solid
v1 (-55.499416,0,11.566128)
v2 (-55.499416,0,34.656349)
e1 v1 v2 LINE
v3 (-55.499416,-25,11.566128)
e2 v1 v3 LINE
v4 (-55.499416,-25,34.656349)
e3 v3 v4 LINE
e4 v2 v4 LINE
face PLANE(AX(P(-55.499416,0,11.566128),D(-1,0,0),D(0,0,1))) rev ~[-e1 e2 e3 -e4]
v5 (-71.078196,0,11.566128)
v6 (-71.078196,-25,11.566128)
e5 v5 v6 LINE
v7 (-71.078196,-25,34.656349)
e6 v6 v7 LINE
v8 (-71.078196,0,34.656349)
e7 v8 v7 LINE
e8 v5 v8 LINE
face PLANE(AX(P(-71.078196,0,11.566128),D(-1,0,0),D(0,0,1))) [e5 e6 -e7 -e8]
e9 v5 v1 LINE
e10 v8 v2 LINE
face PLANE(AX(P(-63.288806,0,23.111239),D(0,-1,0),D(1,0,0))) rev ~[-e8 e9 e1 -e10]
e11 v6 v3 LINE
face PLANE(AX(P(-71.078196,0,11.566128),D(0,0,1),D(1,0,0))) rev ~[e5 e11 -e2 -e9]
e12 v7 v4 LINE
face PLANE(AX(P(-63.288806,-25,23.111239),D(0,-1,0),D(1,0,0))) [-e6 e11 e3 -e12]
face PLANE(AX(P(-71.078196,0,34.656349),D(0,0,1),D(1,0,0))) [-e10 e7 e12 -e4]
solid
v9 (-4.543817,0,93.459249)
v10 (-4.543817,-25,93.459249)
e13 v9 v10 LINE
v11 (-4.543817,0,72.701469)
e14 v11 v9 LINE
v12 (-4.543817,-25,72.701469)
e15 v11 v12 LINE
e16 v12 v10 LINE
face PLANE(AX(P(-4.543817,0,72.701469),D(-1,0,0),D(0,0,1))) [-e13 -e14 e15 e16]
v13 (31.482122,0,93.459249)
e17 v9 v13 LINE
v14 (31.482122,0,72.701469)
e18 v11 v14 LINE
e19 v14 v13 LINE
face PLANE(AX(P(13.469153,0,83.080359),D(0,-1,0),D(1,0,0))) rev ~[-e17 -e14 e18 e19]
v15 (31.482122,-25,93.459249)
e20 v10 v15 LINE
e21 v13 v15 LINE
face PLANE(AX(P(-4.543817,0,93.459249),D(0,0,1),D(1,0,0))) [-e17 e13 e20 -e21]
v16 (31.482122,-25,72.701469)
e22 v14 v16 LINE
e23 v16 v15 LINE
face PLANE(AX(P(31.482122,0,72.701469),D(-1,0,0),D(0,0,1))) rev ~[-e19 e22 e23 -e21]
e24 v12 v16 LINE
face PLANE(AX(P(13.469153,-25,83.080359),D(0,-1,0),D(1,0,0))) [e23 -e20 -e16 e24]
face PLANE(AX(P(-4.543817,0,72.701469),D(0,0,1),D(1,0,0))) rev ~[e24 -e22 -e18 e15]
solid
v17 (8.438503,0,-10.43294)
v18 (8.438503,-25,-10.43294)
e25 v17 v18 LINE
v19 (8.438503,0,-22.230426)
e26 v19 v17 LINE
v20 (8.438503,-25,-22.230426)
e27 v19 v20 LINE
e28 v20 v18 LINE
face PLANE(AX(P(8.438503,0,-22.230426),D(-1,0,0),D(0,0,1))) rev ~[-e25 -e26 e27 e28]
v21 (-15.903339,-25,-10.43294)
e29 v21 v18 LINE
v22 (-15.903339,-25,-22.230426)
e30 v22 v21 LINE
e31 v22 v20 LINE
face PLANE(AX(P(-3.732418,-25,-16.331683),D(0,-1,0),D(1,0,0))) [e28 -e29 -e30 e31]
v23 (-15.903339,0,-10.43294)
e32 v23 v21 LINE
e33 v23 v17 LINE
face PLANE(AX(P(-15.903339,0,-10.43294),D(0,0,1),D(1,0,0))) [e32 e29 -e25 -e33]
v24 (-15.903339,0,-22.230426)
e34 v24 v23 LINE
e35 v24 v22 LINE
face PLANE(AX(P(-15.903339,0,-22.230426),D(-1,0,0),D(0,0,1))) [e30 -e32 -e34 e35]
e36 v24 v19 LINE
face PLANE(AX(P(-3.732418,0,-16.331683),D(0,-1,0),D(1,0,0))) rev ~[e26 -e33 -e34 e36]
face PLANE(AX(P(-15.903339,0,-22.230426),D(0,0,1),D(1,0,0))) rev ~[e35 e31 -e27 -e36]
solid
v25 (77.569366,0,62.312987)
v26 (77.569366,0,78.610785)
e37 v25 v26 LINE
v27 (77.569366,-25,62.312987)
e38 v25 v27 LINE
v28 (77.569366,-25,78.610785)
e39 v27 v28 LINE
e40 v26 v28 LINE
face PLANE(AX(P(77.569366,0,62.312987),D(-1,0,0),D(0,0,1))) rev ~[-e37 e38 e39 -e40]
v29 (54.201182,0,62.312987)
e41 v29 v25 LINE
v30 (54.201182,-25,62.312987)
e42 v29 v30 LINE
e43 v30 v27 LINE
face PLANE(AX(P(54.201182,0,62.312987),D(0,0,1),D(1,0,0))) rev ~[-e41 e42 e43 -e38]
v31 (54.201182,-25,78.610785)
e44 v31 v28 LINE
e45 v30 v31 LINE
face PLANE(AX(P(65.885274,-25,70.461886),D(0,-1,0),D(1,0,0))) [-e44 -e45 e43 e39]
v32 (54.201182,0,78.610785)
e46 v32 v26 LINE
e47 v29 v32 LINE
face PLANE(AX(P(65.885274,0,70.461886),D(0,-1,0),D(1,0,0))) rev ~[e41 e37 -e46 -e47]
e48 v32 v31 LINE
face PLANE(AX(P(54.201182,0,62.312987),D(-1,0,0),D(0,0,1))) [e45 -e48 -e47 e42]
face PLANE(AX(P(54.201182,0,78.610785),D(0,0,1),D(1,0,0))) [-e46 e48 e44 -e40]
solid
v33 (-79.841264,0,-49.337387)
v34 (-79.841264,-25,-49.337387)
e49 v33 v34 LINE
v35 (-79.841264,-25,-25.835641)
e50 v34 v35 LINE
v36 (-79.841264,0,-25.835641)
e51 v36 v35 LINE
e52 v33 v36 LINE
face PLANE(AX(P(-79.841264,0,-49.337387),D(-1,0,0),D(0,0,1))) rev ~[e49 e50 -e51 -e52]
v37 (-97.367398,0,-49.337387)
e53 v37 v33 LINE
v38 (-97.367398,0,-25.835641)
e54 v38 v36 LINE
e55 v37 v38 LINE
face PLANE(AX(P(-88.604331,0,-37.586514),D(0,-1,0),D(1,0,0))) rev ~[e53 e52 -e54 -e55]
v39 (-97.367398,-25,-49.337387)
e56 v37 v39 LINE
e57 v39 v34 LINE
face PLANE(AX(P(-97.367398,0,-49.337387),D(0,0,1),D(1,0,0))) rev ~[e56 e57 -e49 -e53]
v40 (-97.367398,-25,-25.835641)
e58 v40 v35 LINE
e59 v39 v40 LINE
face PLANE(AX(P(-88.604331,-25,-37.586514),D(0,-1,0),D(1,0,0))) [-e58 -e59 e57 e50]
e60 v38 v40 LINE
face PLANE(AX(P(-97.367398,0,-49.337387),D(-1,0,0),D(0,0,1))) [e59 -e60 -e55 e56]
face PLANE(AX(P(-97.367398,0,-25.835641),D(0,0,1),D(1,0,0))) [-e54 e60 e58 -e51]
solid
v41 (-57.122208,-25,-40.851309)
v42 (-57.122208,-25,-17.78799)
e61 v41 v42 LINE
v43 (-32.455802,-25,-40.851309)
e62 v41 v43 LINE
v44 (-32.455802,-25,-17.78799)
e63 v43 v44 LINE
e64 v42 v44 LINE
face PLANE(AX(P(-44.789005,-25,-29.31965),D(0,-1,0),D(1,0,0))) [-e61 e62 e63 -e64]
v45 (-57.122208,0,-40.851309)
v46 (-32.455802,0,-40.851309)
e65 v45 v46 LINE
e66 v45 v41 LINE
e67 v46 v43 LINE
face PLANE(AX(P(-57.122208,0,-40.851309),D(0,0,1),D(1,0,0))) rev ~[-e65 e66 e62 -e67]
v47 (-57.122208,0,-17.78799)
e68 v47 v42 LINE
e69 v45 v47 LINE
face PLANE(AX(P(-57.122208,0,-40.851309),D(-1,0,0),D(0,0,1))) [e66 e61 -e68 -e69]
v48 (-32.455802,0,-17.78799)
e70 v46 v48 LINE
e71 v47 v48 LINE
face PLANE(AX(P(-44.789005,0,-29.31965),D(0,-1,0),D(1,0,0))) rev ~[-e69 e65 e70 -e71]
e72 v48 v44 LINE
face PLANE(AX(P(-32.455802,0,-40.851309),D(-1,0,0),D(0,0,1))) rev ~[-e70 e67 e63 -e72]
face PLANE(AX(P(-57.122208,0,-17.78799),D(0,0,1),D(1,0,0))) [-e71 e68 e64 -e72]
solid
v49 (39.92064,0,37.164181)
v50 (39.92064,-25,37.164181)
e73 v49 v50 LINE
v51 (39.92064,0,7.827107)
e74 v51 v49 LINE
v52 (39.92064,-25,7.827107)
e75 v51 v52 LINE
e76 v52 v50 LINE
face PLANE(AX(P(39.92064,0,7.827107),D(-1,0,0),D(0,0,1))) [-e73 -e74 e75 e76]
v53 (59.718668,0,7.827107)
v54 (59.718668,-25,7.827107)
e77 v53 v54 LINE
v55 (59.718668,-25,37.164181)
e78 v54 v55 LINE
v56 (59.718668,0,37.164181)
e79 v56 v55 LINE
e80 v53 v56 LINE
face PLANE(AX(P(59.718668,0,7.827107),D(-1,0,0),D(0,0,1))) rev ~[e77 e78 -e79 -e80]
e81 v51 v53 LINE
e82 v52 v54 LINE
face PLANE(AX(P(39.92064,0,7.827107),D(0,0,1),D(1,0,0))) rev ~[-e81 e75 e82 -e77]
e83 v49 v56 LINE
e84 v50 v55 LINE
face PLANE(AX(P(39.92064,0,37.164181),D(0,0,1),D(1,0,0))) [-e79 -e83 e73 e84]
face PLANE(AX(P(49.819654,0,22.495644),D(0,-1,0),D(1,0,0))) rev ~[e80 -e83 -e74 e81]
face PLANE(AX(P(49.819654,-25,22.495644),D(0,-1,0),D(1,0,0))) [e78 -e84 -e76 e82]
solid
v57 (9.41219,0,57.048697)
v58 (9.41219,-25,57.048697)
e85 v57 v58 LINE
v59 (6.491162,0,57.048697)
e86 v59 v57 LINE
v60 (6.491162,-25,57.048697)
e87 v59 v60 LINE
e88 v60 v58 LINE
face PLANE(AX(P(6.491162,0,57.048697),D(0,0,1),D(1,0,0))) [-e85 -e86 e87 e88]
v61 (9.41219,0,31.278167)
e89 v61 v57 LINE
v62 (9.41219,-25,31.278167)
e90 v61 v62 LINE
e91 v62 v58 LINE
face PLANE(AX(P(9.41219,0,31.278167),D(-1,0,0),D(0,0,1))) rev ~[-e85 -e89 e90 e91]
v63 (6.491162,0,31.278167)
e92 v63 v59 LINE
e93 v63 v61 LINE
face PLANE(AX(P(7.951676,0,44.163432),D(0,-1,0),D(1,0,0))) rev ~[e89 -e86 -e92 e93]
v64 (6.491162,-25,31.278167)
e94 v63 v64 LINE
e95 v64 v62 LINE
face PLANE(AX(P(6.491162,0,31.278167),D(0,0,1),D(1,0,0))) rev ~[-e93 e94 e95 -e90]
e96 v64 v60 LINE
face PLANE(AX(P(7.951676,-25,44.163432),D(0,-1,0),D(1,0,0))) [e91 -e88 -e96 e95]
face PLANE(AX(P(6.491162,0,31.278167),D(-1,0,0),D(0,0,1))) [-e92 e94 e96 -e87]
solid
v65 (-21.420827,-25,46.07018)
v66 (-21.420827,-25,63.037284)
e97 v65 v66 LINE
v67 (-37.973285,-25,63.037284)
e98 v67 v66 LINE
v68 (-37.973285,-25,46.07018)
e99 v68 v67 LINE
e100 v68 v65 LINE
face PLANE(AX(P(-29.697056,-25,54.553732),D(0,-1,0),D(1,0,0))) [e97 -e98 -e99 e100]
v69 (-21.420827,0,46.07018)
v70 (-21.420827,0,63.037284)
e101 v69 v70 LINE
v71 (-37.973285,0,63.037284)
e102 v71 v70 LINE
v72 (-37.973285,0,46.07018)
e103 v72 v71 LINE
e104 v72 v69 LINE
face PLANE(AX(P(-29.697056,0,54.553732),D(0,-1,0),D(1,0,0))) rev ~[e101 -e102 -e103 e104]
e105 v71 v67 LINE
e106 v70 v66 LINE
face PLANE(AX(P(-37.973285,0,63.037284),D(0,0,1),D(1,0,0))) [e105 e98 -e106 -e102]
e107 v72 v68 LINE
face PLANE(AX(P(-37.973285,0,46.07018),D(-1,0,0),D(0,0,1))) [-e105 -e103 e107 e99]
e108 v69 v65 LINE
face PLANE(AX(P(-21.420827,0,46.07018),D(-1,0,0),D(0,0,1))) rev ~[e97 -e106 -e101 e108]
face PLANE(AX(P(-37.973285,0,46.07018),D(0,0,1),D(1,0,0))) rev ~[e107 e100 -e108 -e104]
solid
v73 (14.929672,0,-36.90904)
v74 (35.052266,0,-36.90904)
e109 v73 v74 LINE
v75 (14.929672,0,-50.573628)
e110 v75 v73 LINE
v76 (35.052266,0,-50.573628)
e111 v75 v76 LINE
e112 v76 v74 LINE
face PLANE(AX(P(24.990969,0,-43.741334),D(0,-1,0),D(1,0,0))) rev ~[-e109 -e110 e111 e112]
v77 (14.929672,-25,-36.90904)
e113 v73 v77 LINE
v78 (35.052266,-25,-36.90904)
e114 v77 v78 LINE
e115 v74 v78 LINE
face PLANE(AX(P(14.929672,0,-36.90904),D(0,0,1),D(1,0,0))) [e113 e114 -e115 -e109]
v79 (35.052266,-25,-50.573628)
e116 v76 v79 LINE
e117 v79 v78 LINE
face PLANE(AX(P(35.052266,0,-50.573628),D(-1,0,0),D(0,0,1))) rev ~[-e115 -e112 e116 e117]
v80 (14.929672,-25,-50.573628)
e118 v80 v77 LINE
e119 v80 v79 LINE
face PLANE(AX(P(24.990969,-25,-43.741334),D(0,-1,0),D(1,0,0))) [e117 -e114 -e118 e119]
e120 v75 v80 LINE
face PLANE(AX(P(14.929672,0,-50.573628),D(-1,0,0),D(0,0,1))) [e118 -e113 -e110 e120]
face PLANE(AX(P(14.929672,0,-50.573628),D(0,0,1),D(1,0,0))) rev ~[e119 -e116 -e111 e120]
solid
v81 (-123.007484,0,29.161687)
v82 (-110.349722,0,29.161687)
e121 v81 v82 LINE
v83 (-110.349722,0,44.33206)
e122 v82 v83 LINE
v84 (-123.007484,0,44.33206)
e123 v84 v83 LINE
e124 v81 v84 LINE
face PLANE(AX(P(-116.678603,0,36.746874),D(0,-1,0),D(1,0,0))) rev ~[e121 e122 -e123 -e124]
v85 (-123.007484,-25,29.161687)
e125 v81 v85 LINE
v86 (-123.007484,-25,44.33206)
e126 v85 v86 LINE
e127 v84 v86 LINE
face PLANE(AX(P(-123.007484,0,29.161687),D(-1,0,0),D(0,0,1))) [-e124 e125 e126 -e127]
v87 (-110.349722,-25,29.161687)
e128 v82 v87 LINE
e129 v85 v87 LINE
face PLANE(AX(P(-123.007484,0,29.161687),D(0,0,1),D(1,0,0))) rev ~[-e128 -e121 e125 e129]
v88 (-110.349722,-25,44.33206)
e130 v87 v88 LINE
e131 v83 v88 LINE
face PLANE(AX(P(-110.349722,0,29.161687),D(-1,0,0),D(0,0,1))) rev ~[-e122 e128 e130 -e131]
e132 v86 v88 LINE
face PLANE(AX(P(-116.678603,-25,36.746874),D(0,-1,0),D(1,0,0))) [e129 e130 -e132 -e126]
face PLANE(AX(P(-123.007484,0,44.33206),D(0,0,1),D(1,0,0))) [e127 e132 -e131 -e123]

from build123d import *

# Parameters (mm, degrees)
F0_W     = 12.657762
F0_H     = 15.170373
F0_W_2   = 17.526134
F0_H_2   = 23.501746
F0_W_3   = 15.57878
F0_H_3   = 23.090221
F0_W_4   = 16.552458
F0_H_4   = 16.967103
F0_W_5   = 2.921027
F0_H_5   = 25.77053
F0_W_6   = 19.798029
F0_H_6   = 29.337074
F0_W_7   = 20.122594
F0_H_7   = 13.664588
F0_W_8   = 24.666406
F0_H_8   = 23.063319
F0_W_9   = 24.341842
F0_H_9   = 11.797486
F0_W_10  = 23.368184
F0_H_10  = 16.297798
F0_W_11  = 36.025939
F0_H_11  = 20.75778
F1_DEPTH = 25


with BuildPart() as f1:
    # F0 (on Front) → F1 (new body)
    with BuildSketch(Plane.XZ):
        with Locations((-116.678603, 36.746874)):
            Rectangle(F0_W, F0_H)
        with Locations((-88.604331, -37.586514)):
            Rectangle(F0_W_2, F0_H_2)
        with Locations((-63.288806, 23.111239)):
            Rectangle(F0_W_3, F0_H_3)
        with Locations((-29.697056, 54.553732)):
            Rectangle(F0_W_4, F0_H_4)
        with Locations((7.951676, 44.163432)):
            Rectangle(F0_W_5, F0_H_5)
        with Locations((49.819654, 22.495644)):
            Rectangle(F0_W_6, F0_H_6)
        with Locations((24.990969, -43.741334)):
            Rectangle(F0_W_7, F0_H_7)
        with Locations((-44.789005, -29.31965)):
            Rectangle(F0_W_8, F0_H_8)
        with Locations((-3.732418, -16.331683)):
            Rectangle(F0_W_9, F0_H_9)
        with Locations((65.885274, 70.461886)):
            Rectangle(F0_W_10, F0_H_10)
        with Locations((13.469153, 83.080359)):
            Rectangle(F0_W_11, F0_H_11)
    extrude(amount=F1_DEPTH)


solid = f1.part
